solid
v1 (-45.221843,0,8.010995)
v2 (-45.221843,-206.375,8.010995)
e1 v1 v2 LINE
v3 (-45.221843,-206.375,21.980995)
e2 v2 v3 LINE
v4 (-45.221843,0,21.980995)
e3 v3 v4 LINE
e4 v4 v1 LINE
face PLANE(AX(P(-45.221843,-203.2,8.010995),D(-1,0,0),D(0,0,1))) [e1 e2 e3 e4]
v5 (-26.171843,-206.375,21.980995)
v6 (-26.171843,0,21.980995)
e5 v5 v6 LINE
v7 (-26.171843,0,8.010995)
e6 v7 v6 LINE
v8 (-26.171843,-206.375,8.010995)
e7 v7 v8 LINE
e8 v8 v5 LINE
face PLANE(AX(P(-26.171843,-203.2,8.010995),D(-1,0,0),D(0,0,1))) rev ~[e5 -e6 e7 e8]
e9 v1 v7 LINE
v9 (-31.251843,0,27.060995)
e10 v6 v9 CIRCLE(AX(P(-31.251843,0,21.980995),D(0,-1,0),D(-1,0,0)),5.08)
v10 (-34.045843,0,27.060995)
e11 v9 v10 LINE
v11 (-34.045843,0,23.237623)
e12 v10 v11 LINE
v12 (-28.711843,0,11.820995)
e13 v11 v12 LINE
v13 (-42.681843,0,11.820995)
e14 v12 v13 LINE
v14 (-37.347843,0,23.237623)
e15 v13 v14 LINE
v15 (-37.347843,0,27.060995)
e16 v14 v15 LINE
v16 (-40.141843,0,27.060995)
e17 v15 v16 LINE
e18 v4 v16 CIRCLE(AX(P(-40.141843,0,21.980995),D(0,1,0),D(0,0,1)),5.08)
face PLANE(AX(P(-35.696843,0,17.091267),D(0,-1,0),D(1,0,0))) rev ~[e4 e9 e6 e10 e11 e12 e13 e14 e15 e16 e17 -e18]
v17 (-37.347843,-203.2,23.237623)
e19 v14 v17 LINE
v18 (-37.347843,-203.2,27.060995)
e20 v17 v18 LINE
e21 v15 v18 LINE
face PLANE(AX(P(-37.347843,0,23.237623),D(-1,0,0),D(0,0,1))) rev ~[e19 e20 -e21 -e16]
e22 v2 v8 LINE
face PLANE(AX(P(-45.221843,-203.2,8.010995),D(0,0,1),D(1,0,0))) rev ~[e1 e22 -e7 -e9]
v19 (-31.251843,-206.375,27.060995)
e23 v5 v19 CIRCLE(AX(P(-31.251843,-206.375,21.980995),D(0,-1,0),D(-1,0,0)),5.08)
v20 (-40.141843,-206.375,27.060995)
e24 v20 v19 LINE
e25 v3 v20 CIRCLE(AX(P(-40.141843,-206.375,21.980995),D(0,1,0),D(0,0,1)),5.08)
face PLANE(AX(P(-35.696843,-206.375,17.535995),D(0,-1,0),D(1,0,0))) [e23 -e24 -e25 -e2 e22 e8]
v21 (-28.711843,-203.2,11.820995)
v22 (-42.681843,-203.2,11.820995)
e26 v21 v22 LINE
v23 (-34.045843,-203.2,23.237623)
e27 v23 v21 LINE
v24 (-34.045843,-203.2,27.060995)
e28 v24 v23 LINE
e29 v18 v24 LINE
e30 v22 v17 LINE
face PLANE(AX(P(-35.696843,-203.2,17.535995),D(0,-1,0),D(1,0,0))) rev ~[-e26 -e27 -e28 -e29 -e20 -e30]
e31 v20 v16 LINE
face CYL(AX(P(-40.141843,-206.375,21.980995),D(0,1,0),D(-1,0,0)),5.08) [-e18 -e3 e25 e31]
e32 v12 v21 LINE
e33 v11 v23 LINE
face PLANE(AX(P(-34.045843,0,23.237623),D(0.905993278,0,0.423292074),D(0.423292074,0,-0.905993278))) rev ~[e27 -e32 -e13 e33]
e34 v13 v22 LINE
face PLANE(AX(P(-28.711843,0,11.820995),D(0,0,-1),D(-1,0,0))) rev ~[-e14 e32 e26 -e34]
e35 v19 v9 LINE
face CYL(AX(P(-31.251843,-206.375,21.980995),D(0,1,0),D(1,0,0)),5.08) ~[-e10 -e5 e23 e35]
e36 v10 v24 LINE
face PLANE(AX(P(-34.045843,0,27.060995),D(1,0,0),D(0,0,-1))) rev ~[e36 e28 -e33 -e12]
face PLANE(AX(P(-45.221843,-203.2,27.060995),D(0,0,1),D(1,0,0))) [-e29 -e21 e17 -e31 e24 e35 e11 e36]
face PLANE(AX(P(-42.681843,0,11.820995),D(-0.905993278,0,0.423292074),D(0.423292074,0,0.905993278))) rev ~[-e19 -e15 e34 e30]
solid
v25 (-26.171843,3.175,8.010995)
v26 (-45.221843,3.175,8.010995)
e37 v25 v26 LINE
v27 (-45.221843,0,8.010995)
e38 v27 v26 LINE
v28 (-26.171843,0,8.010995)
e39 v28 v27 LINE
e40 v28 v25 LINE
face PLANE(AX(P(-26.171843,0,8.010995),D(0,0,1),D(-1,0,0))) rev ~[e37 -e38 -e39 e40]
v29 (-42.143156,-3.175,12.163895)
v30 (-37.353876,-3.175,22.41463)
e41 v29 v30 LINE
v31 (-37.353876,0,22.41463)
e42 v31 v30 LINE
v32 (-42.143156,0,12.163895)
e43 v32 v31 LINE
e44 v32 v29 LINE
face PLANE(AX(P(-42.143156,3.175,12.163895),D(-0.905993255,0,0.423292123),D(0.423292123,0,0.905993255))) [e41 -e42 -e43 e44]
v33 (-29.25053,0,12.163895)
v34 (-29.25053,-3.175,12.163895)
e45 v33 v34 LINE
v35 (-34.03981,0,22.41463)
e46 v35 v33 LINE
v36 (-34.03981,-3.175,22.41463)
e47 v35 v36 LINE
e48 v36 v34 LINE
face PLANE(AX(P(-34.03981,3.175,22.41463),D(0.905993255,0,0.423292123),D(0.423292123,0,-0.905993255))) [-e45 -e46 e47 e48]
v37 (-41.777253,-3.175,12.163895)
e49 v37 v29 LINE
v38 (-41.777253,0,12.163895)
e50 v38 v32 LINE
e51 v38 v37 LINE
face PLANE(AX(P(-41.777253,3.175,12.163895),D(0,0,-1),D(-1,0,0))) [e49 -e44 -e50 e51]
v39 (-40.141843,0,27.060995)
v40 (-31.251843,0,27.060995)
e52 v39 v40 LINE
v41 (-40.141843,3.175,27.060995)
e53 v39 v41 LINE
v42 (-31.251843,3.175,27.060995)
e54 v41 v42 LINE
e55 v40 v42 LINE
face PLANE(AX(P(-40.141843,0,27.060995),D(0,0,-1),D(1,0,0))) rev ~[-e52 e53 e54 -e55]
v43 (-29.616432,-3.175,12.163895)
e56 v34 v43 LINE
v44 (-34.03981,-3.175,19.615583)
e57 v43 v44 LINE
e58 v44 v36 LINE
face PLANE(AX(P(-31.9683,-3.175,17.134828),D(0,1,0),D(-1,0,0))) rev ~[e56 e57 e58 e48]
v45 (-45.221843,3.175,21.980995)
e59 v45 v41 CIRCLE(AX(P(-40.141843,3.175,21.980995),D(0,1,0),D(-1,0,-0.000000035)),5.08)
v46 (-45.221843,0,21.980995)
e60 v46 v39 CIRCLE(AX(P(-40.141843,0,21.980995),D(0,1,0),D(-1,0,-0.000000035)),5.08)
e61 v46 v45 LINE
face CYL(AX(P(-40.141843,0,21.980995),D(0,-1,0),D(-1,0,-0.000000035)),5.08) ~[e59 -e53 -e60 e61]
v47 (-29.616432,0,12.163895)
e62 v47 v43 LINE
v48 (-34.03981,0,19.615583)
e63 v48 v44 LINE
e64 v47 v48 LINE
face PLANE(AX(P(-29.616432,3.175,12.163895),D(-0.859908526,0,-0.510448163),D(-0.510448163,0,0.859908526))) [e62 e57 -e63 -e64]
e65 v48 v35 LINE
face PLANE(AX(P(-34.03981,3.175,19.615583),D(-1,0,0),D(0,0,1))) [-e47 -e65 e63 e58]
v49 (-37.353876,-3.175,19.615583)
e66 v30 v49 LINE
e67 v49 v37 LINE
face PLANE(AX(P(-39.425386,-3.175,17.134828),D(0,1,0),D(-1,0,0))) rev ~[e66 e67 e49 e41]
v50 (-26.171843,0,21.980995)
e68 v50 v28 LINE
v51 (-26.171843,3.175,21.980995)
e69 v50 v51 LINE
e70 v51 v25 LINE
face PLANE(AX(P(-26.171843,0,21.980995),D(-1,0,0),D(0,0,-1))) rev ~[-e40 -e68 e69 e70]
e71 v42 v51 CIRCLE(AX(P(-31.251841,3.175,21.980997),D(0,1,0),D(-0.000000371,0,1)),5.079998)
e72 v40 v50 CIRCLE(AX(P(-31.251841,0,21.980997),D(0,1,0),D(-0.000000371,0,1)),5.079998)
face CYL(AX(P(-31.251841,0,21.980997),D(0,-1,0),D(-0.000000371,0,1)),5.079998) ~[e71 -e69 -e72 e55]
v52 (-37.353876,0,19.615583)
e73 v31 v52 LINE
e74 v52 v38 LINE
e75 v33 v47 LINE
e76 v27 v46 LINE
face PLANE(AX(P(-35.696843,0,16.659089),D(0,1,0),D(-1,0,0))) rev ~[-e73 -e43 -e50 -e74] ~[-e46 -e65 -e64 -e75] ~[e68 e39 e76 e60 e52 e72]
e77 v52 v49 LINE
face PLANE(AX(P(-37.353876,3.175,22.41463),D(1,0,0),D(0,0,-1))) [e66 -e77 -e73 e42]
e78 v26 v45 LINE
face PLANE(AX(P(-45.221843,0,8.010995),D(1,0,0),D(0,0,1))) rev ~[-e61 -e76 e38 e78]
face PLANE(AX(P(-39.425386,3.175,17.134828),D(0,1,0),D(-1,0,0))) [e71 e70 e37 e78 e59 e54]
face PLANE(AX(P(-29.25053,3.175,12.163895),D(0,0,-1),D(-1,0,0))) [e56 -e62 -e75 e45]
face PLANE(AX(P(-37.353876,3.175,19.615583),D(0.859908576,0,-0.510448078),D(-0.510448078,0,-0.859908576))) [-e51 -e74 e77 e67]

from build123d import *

# Parameters (mm, degrees)
F1_DEPTH = 203.2
F2_W     = 19.05
F2_H     = 19.05
F3_DEPTH = 3.175
F4_R     = 5.08
F5_W     = 3.302
F5_H     = 3.823372
F6_DEPTH = 3.175
F8_DEPTH = 6.35


with BuildPart() as f1:
    # F0 (on Front) → F1 (new body)
    with BuildSketch(Plane.XZ):
        Polygon((-37.347843, 27.060995), (-45.221843, 27.060995), (-45.221843, 8.010995), (-26.171843, 8.010995), (-26.171843, 27.060995), (-34.045843, 27.060995), (-34.045843, 23.237623), (-28.711843, 11.820995), (-42.681843, 11.820995), (-37.347843, 23.237623), align=None)
    extrude(amount=F1_DEPTH)

    # F2 (on face) → F3 (join)
    with BuildSketch(Plane.XZ.offset(203.2)):
        with Locations((-35.696843, 17.535995)):
            Rectangle(F2_W, F2_H)
    extrude(amount=F3_DEPTH)

    # F4
    f4_edges = [f1.edges().sort_by_distance(p)[0] for p in [
        (-45.221843, -103.1875, 27.060995),
        (-26.171843, -103.1875, 27.060995),
    ]]
    fillet(f4_edges, radius=F4_R)


with BuildPart() as f6:
    # F5 (on face) → F6 (new body)
    with BuildSketch(Plane(origin=(0, 0, 0), x_dir=(-1, 0, 0), z_dir=(0, 1, 0))):
        with BuildLine():
            Line((42.681843, 11.820995), (28.711843, 11.820995))
            Line((28.711843, 11.820995), (34.045843, 23.237623))
            Line((34.045843, 23.237623), (34.045843, 27.060995))
            Line((34.045843, 27.060995), (31.251843, 27.060995))
            ThreePointArc((31.251843, 27.060995), (27.65974, 25.573098), (26.171843, 21.980995))
            Line((26.171843, 21.980995), (26.171843, 8.010995))
            Line((26.171843, 8.010995), (45.221843, 8.010995))
            Line((45.221843, 8.010995), (45.221843, 21.980995))
            ThreePointArc((45.221843, 21.980995), (43.733945, 25.573098), (40.141843, 27.060995))
            Line((40.141843, 27.060995), (37.347843, 27.060995))
            Line((37.347843, 27.060995), (37.347843, 23.237623))
            Line((37.347843, 23.237623), (42.681843, 11.820995))
        make_face()
        Polygon((34.045843, 23.237623), (28.711843, 11.820995), (42.681843, 11.820995), (37.347843, 23.237623), align=None)
        with Locations((35.696843, 25.149309)):
            Rectangle(F5_W, F5_H)
    extrude(amount=F6_DEPTH)

    # F7 (on face) → F8 (join)
    with BuildSketch(Plane(origin=(0, 3.175, 0), x_dir=(-1, 0, 0), z_dir=(0, 1, 0))):
        Polygon((37.353876, 19.615583), (41.777253, 12.163895), (42.143156, 12.163895), (37.353876, 22.41463), align=None)
        Polygon((34.03981, 22.41463), (29.25053, 12.163895), (29.616432, 12.163895), (34.03981, 19.615583), align=None)
    extrude(amount=-F8_DEPTH)


solid = Compound([f1.part, f6.part])
